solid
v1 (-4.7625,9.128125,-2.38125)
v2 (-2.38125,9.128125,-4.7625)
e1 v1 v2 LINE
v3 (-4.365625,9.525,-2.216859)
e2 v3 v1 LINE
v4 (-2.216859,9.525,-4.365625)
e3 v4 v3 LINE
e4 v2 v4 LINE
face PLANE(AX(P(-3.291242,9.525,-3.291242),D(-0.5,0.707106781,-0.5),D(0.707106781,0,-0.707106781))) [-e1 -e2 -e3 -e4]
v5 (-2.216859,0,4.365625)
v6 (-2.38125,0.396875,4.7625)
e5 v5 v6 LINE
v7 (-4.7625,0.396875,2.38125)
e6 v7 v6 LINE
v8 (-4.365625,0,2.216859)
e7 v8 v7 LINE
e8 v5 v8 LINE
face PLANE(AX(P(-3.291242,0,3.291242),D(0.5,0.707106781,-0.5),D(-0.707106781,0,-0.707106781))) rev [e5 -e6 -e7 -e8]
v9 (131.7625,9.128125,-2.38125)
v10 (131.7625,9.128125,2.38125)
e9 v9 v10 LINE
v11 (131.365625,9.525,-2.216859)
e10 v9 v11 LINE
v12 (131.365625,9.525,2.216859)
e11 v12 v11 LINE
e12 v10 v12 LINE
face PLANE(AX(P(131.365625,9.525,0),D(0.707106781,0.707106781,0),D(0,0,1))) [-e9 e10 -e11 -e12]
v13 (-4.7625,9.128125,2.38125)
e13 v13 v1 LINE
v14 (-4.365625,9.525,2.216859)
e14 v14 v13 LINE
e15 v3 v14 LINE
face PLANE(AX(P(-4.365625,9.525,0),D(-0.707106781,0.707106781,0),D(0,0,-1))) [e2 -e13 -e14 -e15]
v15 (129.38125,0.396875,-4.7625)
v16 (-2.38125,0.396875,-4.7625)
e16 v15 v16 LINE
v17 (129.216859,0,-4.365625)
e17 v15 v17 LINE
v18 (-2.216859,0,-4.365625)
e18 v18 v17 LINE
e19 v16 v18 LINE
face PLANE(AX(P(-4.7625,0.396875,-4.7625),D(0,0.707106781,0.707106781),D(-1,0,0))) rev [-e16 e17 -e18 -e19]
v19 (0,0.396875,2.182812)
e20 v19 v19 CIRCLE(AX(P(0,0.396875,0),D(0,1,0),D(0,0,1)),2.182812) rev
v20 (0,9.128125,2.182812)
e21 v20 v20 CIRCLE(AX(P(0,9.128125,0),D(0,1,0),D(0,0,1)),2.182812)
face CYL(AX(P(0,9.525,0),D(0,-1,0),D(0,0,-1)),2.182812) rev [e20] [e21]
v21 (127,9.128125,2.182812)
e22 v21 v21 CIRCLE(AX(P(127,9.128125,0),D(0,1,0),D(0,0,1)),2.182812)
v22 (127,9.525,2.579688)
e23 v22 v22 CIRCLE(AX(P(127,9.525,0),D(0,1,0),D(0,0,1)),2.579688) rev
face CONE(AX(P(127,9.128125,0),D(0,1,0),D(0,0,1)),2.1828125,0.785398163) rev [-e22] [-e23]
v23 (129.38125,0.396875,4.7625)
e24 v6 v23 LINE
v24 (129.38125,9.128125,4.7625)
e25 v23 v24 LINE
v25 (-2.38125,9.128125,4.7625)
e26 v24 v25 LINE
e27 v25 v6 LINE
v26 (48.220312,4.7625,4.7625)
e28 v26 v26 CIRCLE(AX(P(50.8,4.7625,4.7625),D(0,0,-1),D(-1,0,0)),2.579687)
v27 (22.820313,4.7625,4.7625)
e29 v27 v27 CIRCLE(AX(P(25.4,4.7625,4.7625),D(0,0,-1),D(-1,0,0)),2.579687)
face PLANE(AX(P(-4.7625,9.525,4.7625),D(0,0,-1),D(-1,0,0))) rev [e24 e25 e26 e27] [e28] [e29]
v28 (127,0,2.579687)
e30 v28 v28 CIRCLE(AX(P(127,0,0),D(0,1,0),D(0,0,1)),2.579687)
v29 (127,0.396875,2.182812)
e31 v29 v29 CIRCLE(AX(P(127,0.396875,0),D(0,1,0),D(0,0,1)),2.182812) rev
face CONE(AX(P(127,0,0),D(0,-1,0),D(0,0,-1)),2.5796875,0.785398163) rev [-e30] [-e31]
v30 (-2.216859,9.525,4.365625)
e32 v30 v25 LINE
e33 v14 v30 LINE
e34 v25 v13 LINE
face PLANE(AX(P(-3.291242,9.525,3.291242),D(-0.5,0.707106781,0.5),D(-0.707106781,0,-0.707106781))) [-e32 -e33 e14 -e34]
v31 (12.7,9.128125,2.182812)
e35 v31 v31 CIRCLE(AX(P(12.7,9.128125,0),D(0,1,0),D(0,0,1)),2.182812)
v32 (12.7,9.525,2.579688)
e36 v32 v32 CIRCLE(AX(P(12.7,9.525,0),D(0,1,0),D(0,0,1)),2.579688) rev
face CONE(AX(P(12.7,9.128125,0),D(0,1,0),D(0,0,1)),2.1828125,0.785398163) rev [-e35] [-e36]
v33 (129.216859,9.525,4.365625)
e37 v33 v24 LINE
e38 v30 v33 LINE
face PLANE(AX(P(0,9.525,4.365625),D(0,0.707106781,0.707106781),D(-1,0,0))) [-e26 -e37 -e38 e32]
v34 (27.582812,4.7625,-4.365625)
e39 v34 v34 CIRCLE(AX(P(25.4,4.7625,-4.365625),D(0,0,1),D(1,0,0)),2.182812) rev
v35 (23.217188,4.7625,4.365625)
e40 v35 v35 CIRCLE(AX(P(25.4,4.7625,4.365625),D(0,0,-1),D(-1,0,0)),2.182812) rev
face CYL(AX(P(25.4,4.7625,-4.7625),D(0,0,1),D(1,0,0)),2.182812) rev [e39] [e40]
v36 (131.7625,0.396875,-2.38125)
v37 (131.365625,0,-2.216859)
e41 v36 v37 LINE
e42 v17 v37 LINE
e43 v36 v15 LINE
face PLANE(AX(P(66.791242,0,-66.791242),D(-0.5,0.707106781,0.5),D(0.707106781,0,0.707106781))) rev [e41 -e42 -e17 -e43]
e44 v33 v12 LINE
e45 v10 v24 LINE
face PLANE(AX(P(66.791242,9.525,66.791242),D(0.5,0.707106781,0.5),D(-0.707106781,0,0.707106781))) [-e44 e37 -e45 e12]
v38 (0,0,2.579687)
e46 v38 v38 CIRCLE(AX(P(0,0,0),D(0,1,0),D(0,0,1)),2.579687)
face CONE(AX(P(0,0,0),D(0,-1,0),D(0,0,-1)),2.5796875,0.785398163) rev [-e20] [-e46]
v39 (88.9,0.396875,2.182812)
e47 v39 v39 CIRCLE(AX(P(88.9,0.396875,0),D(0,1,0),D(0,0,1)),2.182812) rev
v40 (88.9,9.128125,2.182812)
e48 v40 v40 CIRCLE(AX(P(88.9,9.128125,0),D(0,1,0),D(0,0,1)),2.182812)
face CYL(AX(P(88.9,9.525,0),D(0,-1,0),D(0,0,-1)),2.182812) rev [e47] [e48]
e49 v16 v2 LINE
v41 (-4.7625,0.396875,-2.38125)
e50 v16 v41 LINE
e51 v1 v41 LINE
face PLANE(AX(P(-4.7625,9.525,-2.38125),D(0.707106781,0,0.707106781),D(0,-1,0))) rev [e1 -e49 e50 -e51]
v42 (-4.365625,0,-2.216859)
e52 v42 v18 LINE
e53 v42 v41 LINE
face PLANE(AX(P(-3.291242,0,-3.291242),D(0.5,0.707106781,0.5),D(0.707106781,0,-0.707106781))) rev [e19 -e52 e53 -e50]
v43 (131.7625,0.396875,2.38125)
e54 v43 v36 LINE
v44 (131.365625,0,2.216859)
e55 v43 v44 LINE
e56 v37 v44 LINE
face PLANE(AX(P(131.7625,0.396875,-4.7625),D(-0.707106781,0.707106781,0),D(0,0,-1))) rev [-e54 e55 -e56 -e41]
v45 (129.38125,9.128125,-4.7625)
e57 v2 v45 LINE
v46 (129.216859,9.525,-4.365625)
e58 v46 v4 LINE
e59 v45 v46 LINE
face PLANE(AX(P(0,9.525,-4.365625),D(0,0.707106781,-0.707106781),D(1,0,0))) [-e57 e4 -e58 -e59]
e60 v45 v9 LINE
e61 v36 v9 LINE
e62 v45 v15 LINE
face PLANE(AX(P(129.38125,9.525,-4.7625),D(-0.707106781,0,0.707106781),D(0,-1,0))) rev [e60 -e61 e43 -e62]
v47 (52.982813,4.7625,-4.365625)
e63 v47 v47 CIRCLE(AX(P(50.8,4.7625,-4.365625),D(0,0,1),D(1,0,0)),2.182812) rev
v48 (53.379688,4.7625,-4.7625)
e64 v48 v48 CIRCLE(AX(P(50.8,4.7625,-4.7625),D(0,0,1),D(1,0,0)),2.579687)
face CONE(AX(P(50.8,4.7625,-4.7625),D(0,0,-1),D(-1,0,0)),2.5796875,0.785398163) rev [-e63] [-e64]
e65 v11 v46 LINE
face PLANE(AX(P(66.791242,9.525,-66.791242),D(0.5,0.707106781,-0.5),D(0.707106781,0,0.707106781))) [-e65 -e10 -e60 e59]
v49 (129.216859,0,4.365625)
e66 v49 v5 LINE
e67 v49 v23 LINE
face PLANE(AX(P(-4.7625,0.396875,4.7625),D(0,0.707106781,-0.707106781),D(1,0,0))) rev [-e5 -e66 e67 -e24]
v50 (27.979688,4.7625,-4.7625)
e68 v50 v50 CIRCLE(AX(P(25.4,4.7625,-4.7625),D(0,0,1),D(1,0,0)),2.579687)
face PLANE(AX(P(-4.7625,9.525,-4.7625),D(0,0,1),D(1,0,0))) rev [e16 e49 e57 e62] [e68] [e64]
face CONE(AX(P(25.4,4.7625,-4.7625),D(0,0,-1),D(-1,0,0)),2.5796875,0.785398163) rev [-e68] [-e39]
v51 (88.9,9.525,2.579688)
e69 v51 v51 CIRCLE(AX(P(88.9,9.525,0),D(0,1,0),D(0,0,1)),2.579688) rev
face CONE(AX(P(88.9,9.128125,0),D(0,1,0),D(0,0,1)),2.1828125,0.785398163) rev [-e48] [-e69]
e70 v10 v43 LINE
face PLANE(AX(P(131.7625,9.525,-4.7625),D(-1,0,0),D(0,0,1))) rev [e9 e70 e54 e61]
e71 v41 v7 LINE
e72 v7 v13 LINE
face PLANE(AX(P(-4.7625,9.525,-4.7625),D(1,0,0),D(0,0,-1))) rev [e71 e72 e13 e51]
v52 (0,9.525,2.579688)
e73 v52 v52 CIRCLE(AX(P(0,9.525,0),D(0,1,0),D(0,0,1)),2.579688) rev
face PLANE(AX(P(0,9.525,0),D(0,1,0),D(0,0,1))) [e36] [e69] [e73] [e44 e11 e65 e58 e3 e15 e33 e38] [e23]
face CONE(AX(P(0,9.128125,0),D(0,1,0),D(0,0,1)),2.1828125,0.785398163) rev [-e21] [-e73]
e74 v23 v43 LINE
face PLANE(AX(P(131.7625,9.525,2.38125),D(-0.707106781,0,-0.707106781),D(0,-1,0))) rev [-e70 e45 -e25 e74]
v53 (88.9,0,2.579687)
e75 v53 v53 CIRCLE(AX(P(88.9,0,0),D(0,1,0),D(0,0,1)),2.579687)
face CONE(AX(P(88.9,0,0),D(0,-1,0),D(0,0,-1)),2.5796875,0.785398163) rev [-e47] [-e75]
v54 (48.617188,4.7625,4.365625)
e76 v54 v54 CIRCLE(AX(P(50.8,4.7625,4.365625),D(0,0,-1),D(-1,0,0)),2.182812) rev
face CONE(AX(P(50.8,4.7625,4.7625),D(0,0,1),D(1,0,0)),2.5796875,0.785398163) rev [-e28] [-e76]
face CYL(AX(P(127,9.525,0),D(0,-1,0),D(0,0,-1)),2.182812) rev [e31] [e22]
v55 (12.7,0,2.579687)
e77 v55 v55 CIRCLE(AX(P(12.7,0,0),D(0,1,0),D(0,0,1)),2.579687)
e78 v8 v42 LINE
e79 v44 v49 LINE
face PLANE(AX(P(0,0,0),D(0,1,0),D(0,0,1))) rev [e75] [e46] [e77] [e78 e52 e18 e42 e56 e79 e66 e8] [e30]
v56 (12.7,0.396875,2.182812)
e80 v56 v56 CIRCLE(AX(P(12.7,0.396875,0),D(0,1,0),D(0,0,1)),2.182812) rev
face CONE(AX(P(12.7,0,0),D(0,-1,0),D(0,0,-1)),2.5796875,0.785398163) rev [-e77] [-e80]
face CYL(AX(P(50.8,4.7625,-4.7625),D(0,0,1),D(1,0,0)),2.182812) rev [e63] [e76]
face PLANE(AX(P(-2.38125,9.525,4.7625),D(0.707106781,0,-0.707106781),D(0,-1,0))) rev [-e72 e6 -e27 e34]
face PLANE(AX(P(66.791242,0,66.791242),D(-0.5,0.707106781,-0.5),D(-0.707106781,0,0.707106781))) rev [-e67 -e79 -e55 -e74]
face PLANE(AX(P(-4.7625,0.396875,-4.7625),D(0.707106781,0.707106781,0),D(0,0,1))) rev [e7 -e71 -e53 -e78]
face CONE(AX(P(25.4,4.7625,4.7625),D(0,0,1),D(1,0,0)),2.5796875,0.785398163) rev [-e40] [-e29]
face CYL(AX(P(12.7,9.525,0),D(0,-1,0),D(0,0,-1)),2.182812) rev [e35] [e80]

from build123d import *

# Parameters (mm, degrees)
SKETCH1_W               = 136.525
SKETCH1_H               = 9.525
SKETCH1_R               = 2.1828125
BOSS_EXTRUDE1_DEPTH     = 9.525
SKETCH2_R               = 2.1828125
CUT_EXTRUDE1_DEPTH      = 1
CUT_EXTRUDE1_DEPTH_BACK = 10.525
CHAMFER1_SIZE           = 2.38125
CHAMFER2_SIZE           = 0.396875


with BuildPart() as part:
    # Sketch1 → Boss-Extrude1 (new body)
    with BuildSketch(Plane(origin=(0, 0, 0), x_dir=(1, 0, 0), z_dir=(0, 1, 0))):
        with Locations((63.5, 0)):
            Rectangle(SKETCH1_W, SKETCH1_H)
        Circle(SKETCH1_R, mode=Mode.SUBTRACT)
        with Locations((12.7, 0)):
            Circle(SKETCH1_R, mode=Mode.SUBTRACT)
        with Locations((127, 0)):
            Circle(SKETCH1_R, mode=Mode.SUBTRACT)
        with Locations((88.9, 0)):
            Circle(SKETCH1_R, mode=Mode.SUBTRACT)
    extrude(amount=BOSS_EXTRUDE1_DEPTH)

    # Sketch2 → Cut-Extrude1 (cut, two sides)
    with BuildSketch(Plane.XY.offset(4.7625)) as cut_extrude1_sk:
        with Locations((25.4, 4.7625)):
            Circle(SKETCH2_R)
        with Locations((50.8, 4.7625)):
            Circle(SKETCH2_R)
    extrude(amount=CUT_EXTRUDE1_DEPTH, mode=Mode.SUBTRACT)
    extrude(cut_extrude1_sk.sketch, amount=-CUT_EXTRUDE1_DEPTH_BACK, mode=Mode.SUBTRACT)

    # Chamfer1
    chamfer1_edges = [part.edges().sort_by_distance(p)[0] for p in [
        (-4.7625, 4.7625, -4.7625),
        (131.7625, 4.7625, -4.7625),
        (131.7625, 4.7625, 4.7625),
        (-4.7625, 4.7625, 4.7625),
    ]]
    chamfer(chamfer1_edges, length=CHAMFER1_SIZE)

    # Chamfer2
    chamfer2_edges = [part.edges().sort_by_distance(p)[0] for p in [
        (-2.1828125, 0, 0),
        (-2.1828125, 9.525, 0),
        (10.5171875, 0, 0),
        (10.5171875, 9.525, 0),
        (124.8171875, 0, 0),
        (124.8171875, 9.525, 0),
        (86.7171875, 0, 0),
        (86.7171875, 9.525, 0),
        (23.2171875, 4.7625, -4.7625),
        (23.2171875, 4.7625, 4.7625),
        (48.6171875, 4.7625, -4.7625),
        (48.6171875, 4.7625, 4.7625),
        (63.5, 0, -4.7625),
        (63.5, 9.525, -4.7625),
        (-4.7625, 0, 0),
        (131.7625, 0, 0),
        (63.5, 0, 4.7625),
        (-3.571875, 0, 3.571875),
        (-3.571875, 0, -3.571875),
        (130.571875, 0, 3.571875),
        (130.571875, 0, -3.571875),
        (131.7625, 9.525, 0),
        (-4.7625, 9.525, 0),
        (63.5, 9.525, 4.7625),
        (-3.571875, 9.525, 3.571875),
        (-3.571875, 9.525, -3.571875),
        (130.571875, 9.525, 3.571875),
        (130.571875, 9.525, -3.571875),
    ]]
    chamfer(chamfer2_edges, length=CHAMFER2_SIZE)


solid = part.part
